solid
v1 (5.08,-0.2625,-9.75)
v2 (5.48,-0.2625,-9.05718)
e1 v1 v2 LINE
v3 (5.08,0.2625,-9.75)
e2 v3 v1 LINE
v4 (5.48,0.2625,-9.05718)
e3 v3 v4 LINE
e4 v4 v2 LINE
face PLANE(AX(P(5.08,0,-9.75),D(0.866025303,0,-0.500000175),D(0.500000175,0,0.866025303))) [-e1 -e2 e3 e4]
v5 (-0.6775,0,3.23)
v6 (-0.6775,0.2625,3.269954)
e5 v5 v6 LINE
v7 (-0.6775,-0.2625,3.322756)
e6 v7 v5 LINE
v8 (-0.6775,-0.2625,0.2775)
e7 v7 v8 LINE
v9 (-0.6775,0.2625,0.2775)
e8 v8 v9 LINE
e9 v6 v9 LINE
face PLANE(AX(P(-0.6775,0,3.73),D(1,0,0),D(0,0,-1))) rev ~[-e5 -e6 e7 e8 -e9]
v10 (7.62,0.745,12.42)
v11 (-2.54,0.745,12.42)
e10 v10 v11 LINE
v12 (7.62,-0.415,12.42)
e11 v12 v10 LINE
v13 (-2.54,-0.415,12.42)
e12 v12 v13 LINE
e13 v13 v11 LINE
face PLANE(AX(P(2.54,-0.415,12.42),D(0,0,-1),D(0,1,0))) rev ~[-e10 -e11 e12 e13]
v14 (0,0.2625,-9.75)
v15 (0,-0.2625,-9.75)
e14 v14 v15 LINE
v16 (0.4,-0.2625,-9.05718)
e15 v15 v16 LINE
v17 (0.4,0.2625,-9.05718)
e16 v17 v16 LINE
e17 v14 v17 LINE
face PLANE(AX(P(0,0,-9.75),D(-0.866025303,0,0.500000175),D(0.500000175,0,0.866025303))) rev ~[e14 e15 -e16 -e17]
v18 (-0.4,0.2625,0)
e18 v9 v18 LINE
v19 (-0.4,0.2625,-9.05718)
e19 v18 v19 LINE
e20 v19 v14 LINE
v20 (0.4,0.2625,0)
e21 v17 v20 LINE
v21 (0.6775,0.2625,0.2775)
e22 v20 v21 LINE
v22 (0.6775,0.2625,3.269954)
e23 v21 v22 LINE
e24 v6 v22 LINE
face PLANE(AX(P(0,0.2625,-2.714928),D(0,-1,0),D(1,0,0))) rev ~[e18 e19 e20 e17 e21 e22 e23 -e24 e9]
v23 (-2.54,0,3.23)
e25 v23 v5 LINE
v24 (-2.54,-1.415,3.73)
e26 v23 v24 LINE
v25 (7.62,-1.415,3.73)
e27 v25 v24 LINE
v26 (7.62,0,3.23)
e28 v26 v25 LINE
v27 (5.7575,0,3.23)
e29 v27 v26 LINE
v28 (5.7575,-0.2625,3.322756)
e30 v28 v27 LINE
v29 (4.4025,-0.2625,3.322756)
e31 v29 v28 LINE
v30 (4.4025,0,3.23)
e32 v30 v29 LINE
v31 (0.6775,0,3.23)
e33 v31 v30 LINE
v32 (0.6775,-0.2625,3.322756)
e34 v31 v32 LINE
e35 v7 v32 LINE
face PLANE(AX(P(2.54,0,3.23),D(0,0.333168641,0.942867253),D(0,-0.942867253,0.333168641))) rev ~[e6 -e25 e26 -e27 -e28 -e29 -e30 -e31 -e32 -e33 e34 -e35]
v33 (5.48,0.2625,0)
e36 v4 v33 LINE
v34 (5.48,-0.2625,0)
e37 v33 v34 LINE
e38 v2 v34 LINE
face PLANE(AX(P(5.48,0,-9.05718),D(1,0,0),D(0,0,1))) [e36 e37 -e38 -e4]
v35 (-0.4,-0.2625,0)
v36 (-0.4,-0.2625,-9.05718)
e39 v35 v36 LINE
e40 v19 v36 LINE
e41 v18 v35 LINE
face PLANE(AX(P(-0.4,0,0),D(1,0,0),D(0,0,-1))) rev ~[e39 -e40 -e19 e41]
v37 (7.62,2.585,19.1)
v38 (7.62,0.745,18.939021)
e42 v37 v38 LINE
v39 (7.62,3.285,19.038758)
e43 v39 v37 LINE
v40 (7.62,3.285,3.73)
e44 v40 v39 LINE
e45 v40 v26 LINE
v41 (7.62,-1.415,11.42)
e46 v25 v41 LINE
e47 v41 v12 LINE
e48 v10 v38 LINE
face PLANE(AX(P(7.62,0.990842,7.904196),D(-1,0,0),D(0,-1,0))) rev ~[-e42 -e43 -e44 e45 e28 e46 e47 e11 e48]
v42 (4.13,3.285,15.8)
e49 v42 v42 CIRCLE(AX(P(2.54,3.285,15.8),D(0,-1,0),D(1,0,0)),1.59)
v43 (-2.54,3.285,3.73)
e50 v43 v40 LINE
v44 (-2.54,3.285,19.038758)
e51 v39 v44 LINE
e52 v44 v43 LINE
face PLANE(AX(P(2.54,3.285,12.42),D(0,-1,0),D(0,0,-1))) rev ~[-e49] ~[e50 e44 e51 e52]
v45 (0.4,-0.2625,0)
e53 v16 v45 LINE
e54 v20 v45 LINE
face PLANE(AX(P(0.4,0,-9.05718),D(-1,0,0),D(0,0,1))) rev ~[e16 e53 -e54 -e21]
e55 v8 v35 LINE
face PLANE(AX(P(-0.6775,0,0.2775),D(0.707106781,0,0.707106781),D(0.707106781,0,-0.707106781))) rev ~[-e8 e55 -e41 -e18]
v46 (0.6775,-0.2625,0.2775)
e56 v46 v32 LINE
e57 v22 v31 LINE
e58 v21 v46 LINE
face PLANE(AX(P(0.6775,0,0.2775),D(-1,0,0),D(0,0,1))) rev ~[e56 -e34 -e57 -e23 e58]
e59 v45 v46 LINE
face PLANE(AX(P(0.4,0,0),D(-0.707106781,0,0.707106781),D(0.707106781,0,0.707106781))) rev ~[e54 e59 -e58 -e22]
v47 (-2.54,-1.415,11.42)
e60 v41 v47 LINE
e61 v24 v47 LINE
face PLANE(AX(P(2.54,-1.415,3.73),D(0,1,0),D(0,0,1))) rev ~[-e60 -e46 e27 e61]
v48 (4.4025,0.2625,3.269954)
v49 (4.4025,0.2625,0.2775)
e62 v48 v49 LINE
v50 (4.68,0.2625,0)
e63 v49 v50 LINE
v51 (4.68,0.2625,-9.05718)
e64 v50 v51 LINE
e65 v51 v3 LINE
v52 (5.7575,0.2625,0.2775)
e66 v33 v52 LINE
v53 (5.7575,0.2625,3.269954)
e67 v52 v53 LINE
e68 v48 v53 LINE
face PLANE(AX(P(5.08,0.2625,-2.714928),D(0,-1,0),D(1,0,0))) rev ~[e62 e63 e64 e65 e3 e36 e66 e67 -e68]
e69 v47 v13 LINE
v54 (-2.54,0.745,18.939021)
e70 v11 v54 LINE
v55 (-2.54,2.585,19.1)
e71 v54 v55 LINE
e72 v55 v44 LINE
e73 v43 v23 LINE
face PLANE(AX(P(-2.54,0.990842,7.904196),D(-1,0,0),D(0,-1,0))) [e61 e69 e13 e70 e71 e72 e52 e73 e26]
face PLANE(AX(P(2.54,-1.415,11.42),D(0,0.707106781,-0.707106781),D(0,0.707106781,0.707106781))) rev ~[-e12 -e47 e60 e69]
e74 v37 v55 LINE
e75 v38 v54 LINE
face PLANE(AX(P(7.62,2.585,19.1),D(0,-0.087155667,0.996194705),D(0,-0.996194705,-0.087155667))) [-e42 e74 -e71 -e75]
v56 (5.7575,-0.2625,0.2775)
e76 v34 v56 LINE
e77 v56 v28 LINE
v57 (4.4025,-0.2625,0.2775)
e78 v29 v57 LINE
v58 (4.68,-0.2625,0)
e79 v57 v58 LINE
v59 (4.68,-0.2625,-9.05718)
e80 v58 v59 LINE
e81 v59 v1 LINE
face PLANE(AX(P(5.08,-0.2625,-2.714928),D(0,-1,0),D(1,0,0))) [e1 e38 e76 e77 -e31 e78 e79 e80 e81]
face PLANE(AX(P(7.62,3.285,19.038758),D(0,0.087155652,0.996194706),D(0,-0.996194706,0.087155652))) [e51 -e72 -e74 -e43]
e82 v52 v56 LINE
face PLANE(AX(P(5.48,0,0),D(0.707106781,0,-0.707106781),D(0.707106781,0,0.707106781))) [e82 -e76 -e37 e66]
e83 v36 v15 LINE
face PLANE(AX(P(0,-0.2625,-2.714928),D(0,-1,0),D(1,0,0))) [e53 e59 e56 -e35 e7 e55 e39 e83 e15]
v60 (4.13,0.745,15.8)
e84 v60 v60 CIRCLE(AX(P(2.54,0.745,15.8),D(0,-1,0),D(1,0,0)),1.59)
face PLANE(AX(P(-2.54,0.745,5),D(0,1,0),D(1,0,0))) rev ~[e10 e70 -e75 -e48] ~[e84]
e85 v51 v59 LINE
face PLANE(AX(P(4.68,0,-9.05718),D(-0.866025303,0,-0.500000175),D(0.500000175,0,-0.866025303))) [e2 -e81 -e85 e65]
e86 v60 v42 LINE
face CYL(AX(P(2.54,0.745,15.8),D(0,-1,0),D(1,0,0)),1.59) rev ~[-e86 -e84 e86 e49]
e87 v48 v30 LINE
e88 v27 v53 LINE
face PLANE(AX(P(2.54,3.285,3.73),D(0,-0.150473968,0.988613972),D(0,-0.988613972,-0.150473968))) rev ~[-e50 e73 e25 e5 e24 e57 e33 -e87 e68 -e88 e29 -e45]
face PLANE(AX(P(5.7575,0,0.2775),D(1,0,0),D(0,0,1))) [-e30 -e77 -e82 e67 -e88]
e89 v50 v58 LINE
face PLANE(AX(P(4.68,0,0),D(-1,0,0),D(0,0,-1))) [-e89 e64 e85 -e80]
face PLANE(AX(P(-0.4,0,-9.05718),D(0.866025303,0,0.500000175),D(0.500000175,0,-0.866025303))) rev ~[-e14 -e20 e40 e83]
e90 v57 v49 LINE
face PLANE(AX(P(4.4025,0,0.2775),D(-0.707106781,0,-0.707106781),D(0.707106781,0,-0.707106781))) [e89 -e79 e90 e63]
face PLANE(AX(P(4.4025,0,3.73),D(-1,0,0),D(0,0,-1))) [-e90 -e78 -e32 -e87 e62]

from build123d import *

# Parameters (mm, degrees)
PAD001_DEPTH    = 5.08
PAD_DEPTH       = 0.2625
SKETCH004_W     = 10.16
SKETCH004_H     = 2.54
PAD002_DEPTH    = 14.1
SKETCH005_R     = 1.59
POCKET_DEPTH    = 2.541
POCKET001_DEPTH = 10.161


with BuildPart() as pad001:
    # Sketch001 → Pad001 (new body, symmetric)
    with BuildSketch(Plane.YZ.offset(2.54)):
        Polygon((0, 3.23), (-1.415, 3.73), (-1.415, 11.42), (-0.415, 12.42), (3.285, 12.42), (3.285, 3.73), align=None)
    extrude(amount=PAD001_DEPTH, both=True)


with BuildPart() as pad:
    # Sketch → Pad (new body, symmetric)
    with BuildSketch(Plane.XZ):
        Polygon((-0.6775, 0.2775), (-0.4, 0), (-0.4, -9.05718), (0, -9.75), (0.4, -9.05718), (0.4, 0), (0.6775, 0.2775), (0.6775, 3.73), (-0.6775, 3.73), align=None)
        Polygon((4.4025, 0.2775), (4.68, 0), (4.68, -9.05718), (5.08, -9.75), (5.48, -9.05718), (5.48, 0), (5.7575, 0.2775), (5.7575, 3.73), (4.4025, 3.73), align=None)
    extrude(amount=PAD_DEPTH, both=True)


with BuildPart() as to_220f_2_vertical:
    # Sketch004 → Pad002 (new body)
    with BuildSketch(Plane.XY.offset(5)):
        with Locations((2.54, 2.015)):
            Rectangle(SKETCH004_W, SKETCH004_H)
    extrude(amount=PAD002_DEPTH)

    # Sketch005 → Pocket (cut, through all)
    with BuildSketch(Plane(origin=(0, 0.745, 5), x_dir=(1, 0, 0), z_dir=(0, -1, 0))):
        with Locations((2.54, 10.8)):
            Circle(SKETCH005_R)
    extrude(amount=-POCKET_DEPTH, mode=Mode.SUBTRACT)

    # Sketch006 → Pocket001 (cut, through all)
    with BuildSketch(Plane(origin=(7.62, 0, 5), x_dir=(0, 1, 0), z_dir=(1, 0, 0))):
        Polygon((2.585, 14.1), (0.745, 13.939021), (0.745, 14.939021), (3.285, 14.939021), (3.285, 14.038758), align=None)
    extrude(amount=-POCKET001_DEPTH, mode=Mode.SUBTRACT)

    # Pocket001_mp_cp: union Pad001, Pad
    add(pad001.part)
    add(pad.part)


solid = to_220f_2_vertical.part
